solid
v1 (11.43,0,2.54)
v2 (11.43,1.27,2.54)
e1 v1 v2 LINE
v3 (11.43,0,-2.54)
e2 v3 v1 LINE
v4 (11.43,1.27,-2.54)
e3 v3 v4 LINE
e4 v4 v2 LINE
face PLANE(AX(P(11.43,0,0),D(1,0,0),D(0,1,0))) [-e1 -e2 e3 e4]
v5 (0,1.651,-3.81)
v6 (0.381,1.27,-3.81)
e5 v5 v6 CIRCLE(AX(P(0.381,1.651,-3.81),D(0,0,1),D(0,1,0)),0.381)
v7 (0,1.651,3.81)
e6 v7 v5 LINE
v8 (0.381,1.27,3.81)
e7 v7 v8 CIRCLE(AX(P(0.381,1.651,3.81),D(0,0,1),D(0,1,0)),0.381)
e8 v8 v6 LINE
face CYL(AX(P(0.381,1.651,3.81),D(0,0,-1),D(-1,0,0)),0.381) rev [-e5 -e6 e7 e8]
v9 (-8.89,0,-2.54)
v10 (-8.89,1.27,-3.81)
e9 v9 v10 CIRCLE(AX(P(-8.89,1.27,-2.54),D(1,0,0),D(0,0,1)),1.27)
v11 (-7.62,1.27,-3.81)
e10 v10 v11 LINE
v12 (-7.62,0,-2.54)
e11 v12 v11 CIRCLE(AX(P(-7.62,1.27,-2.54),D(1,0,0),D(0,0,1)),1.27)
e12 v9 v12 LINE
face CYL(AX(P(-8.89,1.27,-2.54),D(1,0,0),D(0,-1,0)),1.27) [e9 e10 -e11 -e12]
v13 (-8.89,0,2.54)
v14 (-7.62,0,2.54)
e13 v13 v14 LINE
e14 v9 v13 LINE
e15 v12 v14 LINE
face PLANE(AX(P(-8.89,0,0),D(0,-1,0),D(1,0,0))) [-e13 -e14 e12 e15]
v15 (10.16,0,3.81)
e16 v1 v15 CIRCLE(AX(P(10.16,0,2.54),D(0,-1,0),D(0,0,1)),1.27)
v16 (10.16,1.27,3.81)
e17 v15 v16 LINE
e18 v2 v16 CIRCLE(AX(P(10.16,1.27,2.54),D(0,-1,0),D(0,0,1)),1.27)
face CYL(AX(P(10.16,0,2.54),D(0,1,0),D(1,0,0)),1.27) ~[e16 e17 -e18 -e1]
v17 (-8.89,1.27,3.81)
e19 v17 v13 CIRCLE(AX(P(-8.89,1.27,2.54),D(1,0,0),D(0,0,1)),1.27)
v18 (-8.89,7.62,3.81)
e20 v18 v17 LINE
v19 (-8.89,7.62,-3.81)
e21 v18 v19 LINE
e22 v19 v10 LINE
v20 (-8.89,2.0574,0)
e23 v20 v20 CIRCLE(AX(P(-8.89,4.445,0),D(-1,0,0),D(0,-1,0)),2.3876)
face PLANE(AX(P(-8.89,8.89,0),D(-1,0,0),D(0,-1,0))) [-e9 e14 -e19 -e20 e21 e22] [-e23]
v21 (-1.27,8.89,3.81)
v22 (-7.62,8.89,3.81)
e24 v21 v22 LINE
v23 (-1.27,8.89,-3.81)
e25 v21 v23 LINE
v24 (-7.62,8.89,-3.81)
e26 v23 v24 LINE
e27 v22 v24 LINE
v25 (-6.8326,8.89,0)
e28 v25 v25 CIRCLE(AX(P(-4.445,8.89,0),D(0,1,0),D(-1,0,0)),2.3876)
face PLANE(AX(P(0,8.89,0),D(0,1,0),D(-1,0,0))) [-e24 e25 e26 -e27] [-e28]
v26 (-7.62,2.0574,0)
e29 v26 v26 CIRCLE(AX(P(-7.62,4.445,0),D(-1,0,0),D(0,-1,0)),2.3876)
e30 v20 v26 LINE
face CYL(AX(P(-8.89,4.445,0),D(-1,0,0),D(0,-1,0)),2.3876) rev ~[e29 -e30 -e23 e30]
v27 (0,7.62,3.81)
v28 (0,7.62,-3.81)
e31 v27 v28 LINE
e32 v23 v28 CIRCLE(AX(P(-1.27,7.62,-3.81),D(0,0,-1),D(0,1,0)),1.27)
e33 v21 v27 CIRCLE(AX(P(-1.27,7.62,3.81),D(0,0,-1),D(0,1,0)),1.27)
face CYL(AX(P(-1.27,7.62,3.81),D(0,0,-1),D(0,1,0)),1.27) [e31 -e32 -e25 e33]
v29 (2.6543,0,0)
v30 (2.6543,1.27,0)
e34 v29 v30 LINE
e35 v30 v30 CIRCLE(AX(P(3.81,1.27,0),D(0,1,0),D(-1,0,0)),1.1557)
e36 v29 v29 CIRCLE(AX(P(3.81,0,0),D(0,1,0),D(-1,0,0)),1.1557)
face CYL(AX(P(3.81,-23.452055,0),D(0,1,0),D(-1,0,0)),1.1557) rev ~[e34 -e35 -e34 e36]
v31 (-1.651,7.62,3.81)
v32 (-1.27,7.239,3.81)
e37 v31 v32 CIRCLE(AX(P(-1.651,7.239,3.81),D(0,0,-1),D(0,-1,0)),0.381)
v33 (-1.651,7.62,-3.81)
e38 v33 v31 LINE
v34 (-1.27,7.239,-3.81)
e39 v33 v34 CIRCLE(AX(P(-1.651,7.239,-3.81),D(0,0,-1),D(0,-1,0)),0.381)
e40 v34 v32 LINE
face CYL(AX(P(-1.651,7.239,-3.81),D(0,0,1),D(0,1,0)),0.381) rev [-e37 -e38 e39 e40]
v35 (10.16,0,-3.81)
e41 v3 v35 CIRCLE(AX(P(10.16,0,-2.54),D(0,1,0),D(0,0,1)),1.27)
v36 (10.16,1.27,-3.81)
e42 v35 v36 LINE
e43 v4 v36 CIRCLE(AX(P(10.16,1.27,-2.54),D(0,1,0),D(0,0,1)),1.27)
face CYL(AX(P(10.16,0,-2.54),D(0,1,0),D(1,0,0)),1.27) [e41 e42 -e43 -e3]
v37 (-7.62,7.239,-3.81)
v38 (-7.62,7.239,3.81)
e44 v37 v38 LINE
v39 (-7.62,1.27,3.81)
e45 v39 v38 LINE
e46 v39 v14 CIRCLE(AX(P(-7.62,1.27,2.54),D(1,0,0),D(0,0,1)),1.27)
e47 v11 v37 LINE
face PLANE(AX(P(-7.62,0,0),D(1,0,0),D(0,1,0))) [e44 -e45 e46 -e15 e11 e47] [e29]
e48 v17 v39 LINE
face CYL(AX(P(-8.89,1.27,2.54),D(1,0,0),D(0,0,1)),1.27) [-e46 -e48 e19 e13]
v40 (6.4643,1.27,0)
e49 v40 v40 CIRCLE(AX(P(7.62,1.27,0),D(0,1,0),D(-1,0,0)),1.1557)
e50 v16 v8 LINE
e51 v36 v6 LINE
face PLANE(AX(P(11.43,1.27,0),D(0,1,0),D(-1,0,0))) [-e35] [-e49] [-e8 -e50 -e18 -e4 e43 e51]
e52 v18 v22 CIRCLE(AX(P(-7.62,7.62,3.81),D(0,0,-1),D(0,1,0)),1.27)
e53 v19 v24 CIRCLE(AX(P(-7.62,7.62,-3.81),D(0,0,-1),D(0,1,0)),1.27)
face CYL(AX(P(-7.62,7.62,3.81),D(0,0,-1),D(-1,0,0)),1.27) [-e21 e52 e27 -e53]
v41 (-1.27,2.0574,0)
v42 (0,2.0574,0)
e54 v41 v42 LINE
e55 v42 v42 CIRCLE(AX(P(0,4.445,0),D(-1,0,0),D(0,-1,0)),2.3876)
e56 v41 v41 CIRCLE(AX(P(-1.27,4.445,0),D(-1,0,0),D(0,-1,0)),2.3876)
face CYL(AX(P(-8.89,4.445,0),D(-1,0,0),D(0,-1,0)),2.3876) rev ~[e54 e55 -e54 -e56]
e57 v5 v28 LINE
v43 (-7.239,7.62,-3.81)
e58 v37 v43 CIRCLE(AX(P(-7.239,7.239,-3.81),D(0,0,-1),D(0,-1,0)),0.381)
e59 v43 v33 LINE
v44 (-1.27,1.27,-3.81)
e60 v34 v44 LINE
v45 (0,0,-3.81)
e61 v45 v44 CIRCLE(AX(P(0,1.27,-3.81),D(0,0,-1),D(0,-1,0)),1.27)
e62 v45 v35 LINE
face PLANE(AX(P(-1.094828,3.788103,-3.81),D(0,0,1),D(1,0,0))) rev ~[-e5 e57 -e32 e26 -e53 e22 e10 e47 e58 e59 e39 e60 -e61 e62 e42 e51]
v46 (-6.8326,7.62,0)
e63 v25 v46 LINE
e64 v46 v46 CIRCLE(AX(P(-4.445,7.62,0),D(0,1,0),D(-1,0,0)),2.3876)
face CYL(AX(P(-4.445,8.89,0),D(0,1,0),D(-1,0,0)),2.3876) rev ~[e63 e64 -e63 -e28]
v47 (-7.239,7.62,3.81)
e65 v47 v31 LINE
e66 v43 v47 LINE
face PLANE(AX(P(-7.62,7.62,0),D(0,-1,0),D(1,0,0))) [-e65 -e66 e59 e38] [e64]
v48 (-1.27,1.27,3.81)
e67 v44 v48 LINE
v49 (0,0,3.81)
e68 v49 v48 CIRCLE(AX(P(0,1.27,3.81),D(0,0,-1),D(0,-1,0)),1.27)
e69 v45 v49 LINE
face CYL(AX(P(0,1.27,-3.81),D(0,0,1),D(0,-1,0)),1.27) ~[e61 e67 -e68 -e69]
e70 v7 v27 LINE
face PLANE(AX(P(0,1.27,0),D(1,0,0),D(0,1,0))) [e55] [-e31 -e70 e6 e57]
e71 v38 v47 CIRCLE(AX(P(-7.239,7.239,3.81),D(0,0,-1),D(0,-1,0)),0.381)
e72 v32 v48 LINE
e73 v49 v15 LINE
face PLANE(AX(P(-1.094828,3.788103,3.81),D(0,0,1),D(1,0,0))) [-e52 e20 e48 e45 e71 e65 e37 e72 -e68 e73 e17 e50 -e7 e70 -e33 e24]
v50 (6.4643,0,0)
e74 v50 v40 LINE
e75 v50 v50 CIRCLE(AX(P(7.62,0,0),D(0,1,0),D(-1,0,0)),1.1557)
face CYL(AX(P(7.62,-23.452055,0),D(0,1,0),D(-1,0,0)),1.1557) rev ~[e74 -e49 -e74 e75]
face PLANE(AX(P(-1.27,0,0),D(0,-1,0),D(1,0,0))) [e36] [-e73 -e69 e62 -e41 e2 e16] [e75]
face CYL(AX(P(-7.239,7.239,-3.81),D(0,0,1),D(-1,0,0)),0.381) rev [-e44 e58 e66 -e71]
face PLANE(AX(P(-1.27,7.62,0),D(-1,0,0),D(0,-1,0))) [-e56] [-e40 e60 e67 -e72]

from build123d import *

# Parameters (mm, degrees)
F1_DEPTH = 3.81
F3_R     = 1.27
F4_R     = 0.381
F5_D     = 2.3114
F6_R     = 2.3876
F7_DEPTH = 25.4
F8_R     = 2.3876
F9_DEPTH = 25.4


with BuildPart() as f1:
    # F0 (on Top) → F1 (new body, symmetric)
    with BuildSketch(Plane.XY):
        Polygon((-8.89, 8.89), (-8.89, 0), (-7.62, 0), (-7.62, 7.62), (-1.27, 7.62), (-1.27, 0), (11.43, 0), (11.43, 1.27), (0, 1.27), (0, 8.89), align=None)
    extrude(amount=F1_DEPTH, both=True)

    # F3
    f3_edges = [f1.edges().sort_by_distance(p)[0] for p in [
        (11.43, 0.635, 3.81),
        (11.43, 0.635, -3.81),
        (-8.255, 0, 3.81),
        (-8.255, 0, -3.81),
        (-1.27, 0, 0),
        (0, 8.89, 0),
        (-8.89, 8.89, 0),
    ]]
    fillet(f3_edges, radius=F3_R)

    # F4
    f4_edges = [f1.edges().sort_by_distance(p)[0] for p in [
        (-7.62, 7.62, 0),
        (-1.27, 7.62, 0),
        (0, 1.27, 0),
    ]]
    fillet(f4_edges, radius=F4_R)

    # F5 (through all)
    with Locations(Plane.XZ):
        with Locations((7.62, 0), (3.81, 0)):
            Hole(F5_D / 2)

    # F6 (on face) → F7 (cut)
    with BuildSketch(Plane(origin=(-8.89, 0, 0), x_dir=(0, -1, 0), z_dir=(-1, 0, 0))):
        with Locations((-4.445, 0)):
            Circle(F6_R)
    extrude(amount=-F7_DEPTH, mode=Mode.SUBTRACT)

    # F8 (on face) → F9 (cut)
    with BuildSketch(Plane(origin=(0, 8.89, 0), x_dir=(-1, 0, 0), z_dir=(0, 1, 0))):
        with Locations((4.445, 0)):
            Circle(F8_R)
    extrude(amount=-F9_DEPTH, mode=Mode.SUBTRACT)


solid = f1.part
